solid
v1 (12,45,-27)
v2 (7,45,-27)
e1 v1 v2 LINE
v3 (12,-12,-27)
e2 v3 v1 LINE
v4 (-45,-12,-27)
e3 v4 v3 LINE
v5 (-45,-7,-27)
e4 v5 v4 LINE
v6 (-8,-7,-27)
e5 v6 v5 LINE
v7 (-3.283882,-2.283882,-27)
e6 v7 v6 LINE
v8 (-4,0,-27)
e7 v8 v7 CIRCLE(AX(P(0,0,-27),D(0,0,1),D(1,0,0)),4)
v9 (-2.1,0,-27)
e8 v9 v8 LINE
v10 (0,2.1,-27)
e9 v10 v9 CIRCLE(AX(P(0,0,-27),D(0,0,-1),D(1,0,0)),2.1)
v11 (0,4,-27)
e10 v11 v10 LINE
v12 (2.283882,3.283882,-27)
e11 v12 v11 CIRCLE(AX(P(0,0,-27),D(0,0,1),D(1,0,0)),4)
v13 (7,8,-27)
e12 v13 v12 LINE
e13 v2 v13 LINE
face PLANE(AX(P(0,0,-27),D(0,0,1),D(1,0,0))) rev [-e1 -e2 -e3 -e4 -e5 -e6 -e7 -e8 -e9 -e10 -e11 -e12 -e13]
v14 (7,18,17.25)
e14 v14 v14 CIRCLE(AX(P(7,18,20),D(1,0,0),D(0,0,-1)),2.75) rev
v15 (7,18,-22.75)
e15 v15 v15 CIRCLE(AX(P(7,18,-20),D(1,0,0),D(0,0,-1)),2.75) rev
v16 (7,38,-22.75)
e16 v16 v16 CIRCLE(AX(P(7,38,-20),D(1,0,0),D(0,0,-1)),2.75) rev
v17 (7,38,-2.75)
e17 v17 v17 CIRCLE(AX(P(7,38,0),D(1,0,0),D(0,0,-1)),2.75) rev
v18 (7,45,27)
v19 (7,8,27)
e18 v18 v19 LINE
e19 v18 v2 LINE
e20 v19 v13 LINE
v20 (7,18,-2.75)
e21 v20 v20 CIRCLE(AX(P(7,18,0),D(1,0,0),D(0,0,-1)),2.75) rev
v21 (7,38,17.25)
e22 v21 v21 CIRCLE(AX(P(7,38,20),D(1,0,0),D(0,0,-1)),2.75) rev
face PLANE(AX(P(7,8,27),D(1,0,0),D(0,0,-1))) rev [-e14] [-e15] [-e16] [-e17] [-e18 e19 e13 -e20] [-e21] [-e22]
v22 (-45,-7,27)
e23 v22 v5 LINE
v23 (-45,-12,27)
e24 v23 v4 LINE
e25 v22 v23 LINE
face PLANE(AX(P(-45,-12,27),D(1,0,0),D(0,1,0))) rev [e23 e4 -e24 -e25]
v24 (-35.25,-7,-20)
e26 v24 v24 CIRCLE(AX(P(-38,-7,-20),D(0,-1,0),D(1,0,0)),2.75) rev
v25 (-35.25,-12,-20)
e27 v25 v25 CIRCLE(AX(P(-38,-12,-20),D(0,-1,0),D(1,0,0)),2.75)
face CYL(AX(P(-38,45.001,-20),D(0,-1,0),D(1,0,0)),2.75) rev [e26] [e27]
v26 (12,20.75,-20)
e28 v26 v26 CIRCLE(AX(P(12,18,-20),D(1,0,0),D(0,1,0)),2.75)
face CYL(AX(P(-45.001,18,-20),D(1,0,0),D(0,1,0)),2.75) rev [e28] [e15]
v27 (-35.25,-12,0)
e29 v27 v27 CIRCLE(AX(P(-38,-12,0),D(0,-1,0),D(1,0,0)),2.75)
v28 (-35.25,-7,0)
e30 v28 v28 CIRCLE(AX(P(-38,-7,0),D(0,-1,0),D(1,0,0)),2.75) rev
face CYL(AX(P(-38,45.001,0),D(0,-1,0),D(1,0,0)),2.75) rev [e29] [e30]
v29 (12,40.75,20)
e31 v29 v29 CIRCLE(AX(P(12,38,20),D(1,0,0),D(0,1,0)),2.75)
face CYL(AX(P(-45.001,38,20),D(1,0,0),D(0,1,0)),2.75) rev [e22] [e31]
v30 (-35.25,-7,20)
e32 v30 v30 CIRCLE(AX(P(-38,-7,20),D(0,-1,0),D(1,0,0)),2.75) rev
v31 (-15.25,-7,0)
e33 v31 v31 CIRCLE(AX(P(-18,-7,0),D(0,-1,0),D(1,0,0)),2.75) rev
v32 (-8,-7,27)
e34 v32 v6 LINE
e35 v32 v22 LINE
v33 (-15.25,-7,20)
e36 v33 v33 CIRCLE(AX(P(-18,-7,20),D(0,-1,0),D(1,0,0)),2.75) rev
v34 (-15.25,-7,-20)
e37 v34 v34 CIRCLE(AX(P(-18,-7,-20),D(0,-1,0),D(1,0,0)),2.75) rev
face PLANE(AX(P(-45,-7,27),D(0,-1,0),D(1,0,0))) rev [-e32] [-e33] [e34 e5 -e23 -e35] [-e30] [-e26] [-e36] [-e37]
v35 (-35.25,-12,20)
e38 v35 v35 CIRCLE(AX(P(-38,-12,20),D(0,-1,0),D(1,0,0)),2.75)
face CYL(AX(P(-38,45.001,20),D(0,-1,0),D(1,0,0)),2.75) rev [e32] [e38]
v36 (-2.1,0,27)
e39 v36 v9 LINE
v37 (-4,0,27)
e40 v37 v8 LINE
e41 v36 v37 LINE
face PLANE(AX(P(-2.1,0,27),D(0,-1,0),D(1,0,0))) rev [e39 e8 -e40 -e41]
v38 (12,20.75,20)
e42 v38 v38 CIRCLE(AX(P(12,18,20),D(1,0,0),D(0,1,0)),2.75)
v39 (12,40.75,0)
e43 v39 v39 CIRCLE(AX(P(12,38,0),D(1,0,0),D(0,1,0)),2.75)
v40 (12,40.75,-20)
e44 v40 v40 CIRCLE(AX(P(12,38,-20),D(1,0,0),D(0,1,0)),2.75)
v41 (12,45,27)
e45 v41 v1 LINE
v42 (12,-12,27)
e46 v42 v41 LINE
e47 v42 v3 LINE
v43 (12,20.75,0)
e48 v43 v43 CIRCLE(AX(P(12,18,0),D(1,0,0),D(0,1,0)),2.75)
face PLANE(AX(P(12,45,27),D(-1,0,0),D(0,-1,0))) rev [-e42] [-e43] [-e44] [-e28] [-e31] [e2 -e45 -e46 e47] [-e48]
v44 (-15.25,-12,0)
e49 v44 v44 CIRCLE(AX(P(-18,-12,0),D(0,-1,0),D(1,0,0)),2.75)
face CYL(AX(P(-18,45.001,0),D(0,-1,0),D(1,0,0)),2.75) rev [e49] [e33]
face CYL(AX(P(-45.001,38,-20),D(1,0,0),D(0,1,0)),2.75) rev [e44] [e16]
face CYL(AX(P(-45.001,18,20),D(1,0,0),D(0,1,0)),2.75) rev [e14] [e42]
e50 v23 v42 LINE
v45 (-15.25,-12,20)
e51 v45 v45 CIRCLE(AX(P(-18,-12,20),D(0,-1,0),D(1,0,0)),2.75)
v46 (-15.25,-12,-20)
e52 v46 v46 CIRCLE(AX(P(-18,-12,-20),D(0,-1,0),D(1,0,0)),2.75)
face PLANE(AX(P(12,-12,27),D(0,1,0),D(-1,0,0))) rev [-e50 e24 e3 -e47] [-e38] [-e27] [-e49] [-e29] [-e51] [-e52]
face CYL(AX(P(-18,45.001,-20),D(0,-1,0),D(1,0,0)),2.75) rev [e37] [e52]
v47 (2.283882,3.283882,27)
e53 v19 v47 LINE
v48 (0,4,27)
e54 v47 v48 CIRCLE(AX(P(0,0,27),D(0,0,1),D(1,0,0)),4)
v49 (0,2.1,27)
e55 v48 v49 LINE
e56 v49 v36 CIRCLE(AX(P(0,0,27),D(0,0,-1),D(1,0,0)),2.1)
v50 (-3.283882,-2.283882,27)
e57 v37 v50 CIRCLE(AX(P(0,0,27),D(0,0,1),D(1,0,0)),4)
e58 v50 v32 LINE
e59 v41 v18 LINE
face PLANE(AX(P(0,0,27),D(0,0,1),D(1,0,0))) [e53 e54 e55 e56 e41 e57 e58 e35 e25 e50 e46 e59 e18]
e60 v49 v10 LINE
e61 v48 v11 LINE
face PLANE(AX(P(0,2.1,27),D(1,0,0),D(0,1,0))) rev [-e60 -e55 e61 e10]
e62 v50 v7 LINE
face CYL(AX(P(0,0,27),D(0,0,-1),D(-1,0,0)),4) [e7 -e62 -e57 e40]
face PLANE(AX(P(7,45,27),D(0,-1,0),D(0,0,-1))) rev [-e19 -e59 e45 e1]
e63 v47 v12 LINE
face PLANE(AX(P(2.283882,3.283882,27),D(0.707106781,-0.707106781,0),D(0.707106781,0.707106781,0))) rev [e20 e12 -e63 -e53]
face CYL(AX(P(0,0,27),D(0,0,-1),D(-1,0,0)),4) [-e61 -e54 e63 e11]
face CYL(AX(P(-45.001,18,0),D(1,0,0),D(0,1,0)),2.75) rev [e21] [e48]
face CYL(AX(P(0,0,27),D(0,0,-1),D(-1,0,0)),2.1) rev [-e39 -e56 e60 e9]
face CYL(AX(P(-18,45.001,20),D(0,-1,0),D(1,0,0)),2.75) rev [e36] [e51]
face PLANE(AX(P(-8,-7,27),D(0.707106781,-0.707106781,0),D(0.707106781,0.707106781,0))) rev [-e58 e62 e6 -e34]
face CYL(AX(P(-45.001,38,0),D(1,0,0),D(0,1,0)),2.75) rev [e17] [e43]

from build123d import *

# Parameters (mm, degrees)
BOSS_EXTRUDE1_DEPTH      = 27
BOSS_EXTRUDE1_DEPTH_BACK = 27
CUT_EXTRUDE1_REACH       = 79.479
SKETCH2_R                = 2.75
CUT_EXTRUDE2_REACH       = 79.479
SKETCH3_R                = 2.75


with BuildPart() as part:
    # Sketch1 → Boss-Extrude1 (new, two sides: drawn at the far end of the back side and taken through both)
    with BuildSketch(Plane.XY.offset(-BOSS_EXTRUDE1_DEPTH_BACK)):
        with BuildLine():
            Line((-8, -7), (-3.283882181, -2.283882181))
            ThreePointArc((-3.283882181, -2.283882181), (-3.816774078, -1.196760476), (-4, 0))
            Line((-4, 0), (-2.1, 0))
            ThreePointArc((-2.1, 0), (1.48492424, -1.48492424), (0, 2.1))
            Line((0, 2.1), (0, 4))
            ThreePointArc((0, 4), (1.196760476, 3.816774078), (2.283882181, 3.283882181))
            Line((2.283882181, 3.283882181), (7, 8))
            Line((7, 8), (7, 45))
            Line((7, 45), (12, 45))
            Line((12, 45), (12, -12))
            Line((12, -12), (-45, -12))
            Line((-45, -12), (-45, -7))
            Line((-45, -7), (-8, -7))
        make_face()
    extrude(amount=BOSS_EXTRUDE1_DEPTH + BOSS_EXTRUDE1_DEPTH_BACK)

    # Sketch2 → Cut-Extrude1 (cut, up to next)
    with BuildSketch(Plane(origin=(12, 0, 0), x_dir=(0, 0, -1), z_dir=(1, 0, 0)), mode=Mode.PRIVATE) as cut_extrude1_sk1:
        with Locations((-20, 38)):
            Circle(SKETCH2_R)
    cut_extrude1_tool1 = extrude(cut_extrude1_sk1.sketch, amount=-CUT_EXTRUDE1_REACH, mode=Mode.PRIVATE) & part.part
    # Sketch2 → Cut-Extrude1 (cut, up to next)
    with BuildSketch(Plane(origin=(12, 0, 0), x_dir=(0, 0, -1), z_dir=(1, 0, 0)), mode=Mode.PRIVATE) as cut_extrude1_sk2:
        with Locations((0, 38)):
            Circle(SKETCH2_R)
    cut_extrude1_tool2 = extrude(cut_extrude1_sk2.sketch, amount=-CUT_EXTRUDE1_REACH, mode=Mode.PRIVATE) & part.part
    # Sketch2 → Cut-Extrude1 (cut, up to next)
    with BuildSketch(Plane(origin=(12, 0, 0), x_dir=(0, 0, -1), z_dir=(1, 0, 0)), mode=Mode.PRIVATE) as cut_extrude1_sk3:
        with Locations((20, 38)):
            Circle(SKETCH2_R)
    cut_extrude1_tool3 = extrude(cut_extrude1_sk3.sketch, amount=-CUT_EXTRUDE1_REACH, mode=Mode.PRIVATE) & part.part
    # Sketch2 → Cut-Extrude1 (cut, up to next)
    with BuildSketch(Plane(origin=(12, 0, 0), x_dir=(0, 0, -1), z_dir=(1, 0, 0)), mode=Mode.PRIVATE) as cut_extrude1_sk4:
        with Locations((-20, 18)):
            Circle(SKETCH2_R)
    cut_extrude1_tool4 = extrude(cut_extrude1_sk4.sketch, amount=-CUT_EXTRUDE1_REACH, mode=Mode.PRIVATE) & part.part
    # Sketch2 → Cut-Extrude1 (cut, up to next)
    with BuildSketch(Plane(origin=(12, 0, 0), x_dir=(0, 0, -1), z_dir=(1, 0, 0)), mode=Mode.PRIVATE) as cut_extrude1_sk5:
        with Locations((0, 18)):
            Circle(SKETCH2_R)
    cut_extrude1_tool5 = extrude(cut_extrude1_sk5.sketch, amount=-CUT_EXTRUDE1_REACH, mode=Mode.PRIVATE) & part.part
    # Sketch2 → Cut-Extrude1 (cut, up to next)
    with BuildSketch(Plane(origin=(12, 0, 0), x_dir=(0, 0, -1), z_dir=(1, 0, 0)), mode=Mode.PRIVATE) as cut_extrude1_sk6:
        with Locations((20, 18)):
            Circle(SKETCH2_R)
    cut_extrude1_tool6 = extrude(cut_extrude1_sk6.sketch, amount=-CUT_EXTRUDE1_REACH, mode=Mode.PRIVATE) & part.part
    add(cut_extrude1_tool1.solids().sort_by_distance((12, 38, 20))[0], mode=Mode.SUBTRACT)
    add(cut_extrude1_tool2.solids().sort_by_distance((12, 38, 0))[0], mode=Mode.SUBTRACT)
    add(cut_extrude1_tool3.solids().sort_by_distance((12, 38, -20))[0], mode=Mode.SUBTRACT)
    add(cut_extrude1_tool4.solids().sort_by_distance((12, 18, 20))[0], mode=Mode.SUBTRACT)
    add(cut_extrude1_tool5.solids().sort_by_distance((12, 18, 0))[0], mode=Mode.SUBTRACT)
    add(cut_extrude1_tool6.solids().sort_by_distance((12, 18, -20))[0], mode=Mode.SUBTRACT)

    # Sketch3 → Cut-Extrude2 (cut, up to next)
    with BuildSketch(Plane.XZ.offset(12), mode=Mode.PRIVATE) as cut_extrude2_sk1:
        with Locations((-38, -20)):
            Circle(SKETCH3_R)
    cut_extrude2_tool1 = extrude(cut_extrude2_sk1.sketch, amount=-CUT_EXTRUDE2_REACH, mode=Mode.PRIVATE) & part.part
    # Sketch3 → Cut-Extrude2 (cut, up to next)
    with BuildSketch(Plane.XZ.offset(12), mode=Mode.PRIVATE) as cut_extrude2_sk2:
        with Locations((-38, 0)):
            Circle(SKETCH3_R)
    cut_extrude2_tool2 = extrude(cut_extrude2_sk2.sketch, amount=-CUT_EXTRUDE2_REACH, mode=Mode.PRIVATE) & part.part
    # Sketch3 → Cut-Extrude2 (cut, up to next)
    with BuildSketch(Plane.XZ.offset(12), mode=Mode.PRIVATE) as cut_extrude2_sk3:
        with Locations((-38, 20)):
            Circle(SKETCH3_R)
    cut_extrude2_tool3 = extrude(cut_extrude2_sk3.sketch, amount=-CUT_EXTRUDE2_REACH, mode=Mode.PRIVATE) & part.part
    # Sketch3 → Cut-Extrude2 (cut, up to next)
    with BuildSketch(Plane.XZ.offset(12), mode=Mode.PRIVATE) as cut_extrude2_sk4:
        with Locations((-18, -20)):
            Circle(SKETCH3_R)
    cut_extrude2_tool4 = extrude(cut_extrude2_sk4.sketch, amount=-CUT_EXTRUDE2_REACH, mode=Mode.PRIVATE) & part.part
    # Sketch3 → Cut-Extrude2 (cut, up to next)
    with BuildSketch(Plane.XZ.offset(12), mode=Mode.PRIVATE) as cut_extrude2_sk5:
        with Locations((-18, 0)):
            Circle(SKETCH3_R)
    cut_extrude2_tool5 = extrude(cut_extrude2_sk5.sketch, amount=-CUT_EXTRUDE2_REACH, mode=Mode.PRIVATE) & part.part
    # Sketch3 → Cut-Extrude2 (cut, up to next)
    with BuildSketch(Plane.XZ.offset(12), mode=Mode.PRIVATE) as cut_extrude2_sk6:
        with Locations((-18, 20)):
            Circle(SKETCH3_R)
    cut_extrude2_tool6 = extrude(cut_extrude2_sk6.sketch, amount=-CUT_EXTRUDE2_REACH, mode=Mode.PRIVATE) & part.part
    add(cut_extrude2_tool1.solids().sort_by_distance((-38, -12, -20))[0], mode=Mode.SUBTRACT)
    add(cut_extrude2_tool2.solids().sort_by_distance((-38, -12, 0))[0], mode=Mode.SUBTRACT)
    add(cut_extrude2_tool3.solids().sort_by_distance((-38, -12, 20))[0], mode=Mode.SUBTRACT)
    add(cut_extrude2_tool4.solids().sort_by_distance((-18, -12, -20))[0], mode=Mode.SUBTRACT)
    add(cut_extrude2_tool5.solids().sort_by_distance((-18, -12, 0))[0], mode=Mode.SUBTRACT)
    add(cut_extrude2_tool6.solids().sort_by_distance((-18, -12, 20))[0], mode=Mode.SUBTRACT)


solid = part.part
